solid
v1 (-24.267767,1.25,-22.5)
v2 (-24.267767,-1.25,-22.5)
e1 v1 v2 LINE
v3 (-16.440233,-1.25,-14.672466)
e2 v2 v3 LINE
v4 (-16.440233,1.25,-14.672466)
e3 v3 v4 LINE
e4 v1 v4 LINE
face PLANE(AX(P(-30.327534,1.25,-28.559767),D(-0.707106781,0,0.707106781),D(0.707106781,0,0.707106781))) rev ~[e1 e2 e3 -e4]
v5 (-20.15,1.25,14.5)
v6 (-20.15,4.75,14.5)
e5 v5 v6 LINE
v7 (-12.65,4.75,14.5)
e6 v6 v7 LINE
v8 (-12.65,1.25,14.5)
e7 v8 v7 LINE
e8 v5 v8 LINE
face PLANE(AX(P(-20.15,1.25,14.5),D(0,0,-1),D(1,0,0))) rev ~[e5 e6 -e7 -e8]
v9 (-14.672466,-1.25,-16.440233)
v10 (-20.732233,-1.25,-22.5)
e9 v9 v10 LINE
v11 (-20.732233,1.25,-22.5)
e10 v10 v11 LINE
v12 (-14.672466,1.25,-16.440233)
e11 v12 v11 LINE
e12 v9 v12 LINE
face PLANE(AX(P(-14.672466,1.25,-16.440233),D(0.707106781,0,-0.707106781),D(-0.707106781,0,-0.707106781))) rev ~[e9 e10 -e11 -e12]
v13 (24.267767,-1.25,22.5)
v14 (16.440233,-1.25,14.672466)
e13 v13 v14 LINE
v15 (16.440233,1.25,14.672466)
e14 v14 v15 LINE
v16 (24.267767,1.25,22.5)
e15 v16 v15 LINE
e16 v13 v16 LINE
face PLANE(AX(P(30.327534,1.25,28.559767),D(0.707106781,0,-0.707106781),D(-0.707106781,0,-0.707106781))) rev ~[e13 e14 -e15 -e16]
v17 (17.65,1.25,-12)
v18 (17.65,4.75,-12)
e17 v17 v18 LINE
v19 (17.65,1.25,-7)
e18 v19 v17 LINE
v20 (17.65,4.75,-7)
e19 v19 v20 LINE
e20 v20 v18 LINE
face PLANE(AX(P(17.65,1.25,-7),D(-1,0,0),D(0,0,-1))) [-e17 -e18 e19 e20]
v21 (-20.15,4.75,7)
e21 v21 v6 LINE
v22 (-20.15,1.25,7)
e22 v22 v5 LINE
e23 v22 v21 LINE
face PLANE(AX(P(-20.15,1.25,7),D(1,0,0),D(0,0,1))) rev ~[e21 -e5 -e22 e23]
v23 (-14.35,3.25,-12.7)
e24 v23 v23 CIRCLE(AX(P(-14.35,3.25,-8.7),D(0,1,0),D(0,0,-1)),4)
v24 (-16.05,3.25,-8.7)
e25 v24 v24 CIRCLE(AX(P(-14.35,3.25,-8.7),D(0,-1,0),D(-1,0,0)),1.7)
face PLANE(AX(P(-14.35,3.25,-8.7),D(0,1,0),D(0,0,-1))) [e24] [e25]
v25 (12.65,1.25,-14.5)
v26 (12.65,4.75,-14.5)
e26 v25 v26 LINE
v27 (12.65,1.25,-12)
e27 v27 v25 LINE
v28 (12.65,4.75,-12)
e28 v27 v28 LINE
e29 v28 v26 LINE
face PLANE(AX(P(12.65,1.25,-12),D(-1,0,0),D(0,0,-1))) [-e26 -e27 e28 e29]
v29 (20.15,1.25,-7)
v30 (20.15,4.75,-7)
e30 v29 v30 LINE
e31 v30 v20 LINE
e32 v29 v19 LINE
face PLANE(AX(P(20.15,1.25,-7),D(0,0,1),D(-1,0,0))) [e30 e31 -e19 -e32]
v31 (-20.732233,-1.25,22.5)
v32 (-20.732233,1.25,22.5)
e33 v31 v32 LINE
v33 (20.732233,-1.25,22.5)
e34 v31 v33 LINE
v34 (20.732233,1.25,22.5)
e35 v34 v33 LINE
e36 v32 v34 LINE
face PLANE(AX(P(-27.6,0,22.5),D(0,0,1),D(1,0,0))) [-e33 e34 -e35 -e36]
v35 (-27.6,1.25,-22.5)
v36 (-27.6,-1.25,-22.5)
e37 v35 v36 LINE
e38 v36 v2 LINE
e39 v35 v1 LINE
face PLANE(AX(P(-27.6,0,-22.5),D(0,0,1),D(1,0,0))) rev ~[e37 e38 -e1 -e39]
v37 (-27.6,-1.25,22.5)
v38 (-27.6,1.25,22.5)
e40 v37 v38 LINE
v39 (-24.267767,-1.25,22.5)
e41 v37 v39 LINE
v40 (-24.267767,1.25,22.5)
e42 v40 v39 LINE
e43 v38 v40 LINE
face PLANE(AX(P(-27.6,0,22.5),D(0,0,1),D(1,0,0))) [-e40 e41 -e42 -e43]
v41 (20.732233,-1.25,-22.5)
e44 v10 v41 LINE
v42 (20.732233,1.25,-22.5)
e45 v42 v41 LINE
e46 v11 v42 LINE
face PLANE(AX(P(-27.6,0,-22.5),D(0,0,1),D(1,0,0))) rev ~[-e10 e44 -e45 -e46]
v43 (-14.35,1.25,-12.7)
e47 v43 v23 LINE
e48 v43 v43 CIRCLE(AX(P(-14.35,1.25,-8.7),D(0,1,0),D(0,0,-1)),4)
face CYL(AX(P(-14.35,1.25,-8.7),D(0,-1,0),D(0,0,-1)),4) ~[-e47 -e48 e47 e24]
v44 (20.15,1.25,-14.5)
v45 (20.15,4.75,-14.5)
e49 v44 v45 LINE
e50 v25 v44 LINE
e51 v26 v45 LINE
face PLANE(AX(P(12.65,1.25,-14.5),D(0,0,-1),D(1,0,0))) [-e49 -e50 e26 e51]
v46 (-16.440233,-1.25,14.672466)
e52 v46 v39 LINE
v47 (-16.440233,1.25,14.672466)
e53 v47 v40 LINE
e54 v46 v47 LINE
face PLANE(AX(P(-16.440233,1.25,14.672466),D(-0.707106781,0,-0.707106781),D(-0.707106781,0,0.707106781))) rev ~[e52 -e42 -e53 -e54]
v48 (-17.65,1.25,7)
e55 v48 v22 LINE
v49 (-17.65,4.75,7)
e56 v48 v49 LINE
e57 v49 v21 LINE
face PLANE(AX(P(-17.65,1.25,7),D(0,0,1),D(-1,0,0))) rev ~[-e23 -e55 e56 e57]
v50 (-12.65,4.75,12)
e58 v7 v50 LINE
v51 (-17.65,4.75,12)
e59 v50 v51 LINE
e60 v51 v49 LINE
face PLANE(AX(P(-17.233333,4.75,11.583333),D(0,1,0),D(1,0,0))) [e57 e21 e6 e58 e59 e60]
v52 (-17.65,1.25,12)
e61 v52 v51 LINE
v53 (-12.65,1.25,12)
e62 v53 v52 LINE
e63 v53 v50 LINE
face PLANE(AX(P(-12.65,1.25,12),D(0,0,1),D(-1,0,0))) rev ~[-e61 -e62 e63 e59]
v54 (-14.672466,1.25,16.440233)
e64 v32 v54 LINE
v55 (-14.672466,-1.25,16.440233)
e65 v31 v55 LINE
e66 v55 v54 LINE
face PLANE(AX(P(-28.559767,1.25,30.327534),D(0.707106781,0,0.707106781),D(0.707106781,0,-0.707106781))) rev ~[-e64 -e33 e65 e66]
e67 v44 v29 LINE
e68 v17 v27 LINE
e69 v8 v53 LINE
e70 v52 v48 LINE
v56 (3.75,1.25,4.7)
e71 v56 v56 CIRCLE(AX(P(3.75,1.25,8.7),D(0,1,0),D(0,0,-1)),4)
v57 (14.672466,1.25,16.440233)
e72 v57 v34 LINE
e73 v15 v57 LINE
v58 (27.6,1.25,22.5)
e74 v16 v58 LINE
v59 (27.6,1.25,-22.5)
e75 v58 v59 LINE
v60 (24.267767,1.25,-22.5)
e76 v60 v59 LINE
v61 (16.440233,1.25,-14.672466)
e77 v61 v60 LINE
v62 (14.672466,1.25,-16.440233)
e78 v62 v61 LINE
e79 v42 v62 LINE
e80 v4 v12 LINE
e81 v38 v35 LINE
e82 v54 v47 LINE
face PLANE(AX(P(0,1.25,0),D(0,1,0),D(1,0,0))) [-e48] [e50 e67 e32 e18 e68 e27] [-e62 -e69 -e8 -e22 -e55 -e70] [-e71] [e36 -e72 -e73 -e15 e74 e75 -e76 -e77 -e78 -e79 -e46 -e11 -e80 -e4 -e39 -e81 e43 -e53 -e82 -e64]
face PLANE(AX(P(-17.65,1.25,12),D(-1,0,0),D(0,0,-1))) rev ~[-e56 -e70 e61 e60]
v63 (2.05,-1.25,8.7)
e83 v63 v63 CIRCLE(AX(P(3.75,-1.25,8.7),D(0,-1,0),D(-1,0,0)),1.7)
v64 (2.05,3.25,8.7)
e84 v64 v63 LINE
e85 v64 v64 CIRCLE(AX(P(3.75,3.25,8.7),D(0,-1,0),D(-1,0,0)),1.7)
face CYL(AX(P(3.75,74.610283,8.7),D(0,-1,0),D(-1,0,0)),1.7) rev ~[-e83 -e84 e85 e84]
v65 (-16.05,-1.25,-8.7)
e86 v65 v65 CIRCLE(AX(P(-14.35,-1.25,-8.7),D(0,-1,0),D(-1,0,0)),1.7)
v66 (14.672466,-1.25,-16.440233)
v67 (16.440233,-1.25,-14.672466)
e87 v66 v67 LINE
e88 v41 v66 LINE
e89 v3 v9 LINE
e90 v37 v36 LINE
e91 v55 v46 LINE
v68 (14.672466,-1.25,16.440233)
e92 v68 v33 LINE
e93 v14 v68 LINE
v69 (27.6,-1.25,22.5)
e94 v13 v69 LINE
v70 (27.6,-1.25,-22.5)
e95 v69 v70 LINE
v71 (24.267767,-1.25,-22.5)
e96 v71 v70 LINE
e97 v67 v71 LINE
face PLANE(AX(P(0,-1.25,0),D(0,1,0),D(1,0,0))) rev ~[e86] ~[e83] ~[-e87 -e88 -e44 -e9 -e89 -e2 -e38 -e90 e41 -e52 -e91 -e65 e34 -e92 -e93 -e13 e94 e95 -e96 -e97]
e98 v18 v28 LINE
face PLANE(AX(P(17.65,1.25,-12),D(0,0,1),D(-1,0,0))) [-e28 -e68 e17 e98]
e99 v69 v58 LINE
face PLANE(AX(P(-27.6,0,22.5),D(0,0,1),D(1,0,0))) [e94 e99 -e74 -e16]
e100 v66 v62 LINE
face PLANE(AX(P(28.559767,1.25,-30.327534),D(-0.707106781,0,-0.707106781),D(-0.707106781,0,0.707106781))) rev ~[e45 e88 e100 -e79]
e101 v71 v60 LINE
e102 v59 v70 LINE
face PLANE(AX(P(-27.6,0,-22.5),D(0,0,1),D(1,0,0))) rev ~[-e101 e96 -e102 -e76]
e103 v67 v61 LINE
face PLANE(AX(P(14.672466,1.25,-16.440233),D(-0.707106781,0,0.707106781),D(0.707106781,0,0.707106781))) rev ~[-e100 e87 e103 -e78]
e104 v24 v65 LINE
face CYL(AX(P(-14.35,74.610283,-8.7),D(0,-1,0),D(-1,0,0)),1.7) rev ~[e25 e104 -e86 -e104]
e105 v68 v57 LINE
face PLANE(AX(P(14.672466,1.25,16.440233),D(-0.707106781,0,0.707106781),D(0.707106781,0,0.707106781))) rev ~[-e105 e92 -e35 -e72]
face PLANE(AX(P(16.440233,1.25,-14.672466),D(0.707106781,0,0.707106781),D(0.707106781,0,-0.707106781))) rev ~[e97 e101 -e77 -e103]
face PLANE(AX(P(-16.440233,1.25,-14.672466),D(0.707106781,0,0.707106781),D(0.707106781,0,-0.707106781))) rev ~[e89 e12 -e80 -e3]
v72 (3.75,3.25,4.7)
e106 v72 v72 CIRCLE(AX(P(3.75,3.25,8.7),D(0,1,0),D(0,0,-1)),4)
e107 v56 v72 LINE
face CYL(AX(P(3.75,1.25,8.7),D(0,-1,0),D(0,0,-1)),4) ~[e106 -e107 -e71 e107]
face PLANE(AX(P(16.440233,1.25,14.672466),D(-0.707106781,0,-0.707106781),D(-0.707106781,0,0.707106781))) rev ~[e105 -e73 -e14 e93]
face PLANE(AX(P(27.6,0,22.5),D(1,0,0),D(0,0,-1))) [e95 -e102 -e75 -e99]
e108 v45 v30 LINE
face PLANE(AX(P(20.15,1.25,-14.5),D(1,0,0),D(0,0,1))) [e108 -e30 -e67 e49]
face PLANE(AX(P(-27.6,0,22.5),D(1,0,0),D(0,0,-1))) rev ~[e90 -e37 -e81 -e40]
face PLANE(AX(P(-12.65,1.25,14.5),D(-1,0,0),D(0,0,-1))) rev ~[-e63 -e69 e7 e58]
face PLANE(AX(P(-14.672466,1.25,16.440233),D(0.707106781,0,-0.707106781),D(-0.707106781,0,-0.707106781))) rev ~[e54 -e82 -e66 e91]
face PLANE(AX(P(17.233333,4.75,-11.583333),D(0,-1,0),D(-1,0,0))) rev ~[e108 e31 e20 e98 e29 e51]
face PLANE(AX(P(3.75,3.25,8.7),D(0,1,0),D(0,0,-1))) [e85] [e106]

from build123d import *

# Parameters (mm, degrees)
SKETCH3_W            = 55.2
SKETCH3_H            = 45
BOSS_EXTRUDE1_DEPTH  = 1.25
SKETCH4_R            = 4
BOSS_EXTRUDE2_DEPTH  = 2
M3_CLEARANCE_HOLE1_D = 3.4
BOSS_EXTRUDE3_DEPTH  = 3.5
CUT_EXTRUDE1_DEPTH   = 36.780721066
CIRPATTERN1_COUNT    = 4


with BuildPart() as part:
    # Sketch3 → Boss-Extrude1 (new, symmetric)
    with BuildSketch(Plane(origin=(0, 0, 0), x_dir=(1, 0, 0), z_dir=(0, 1, 0))):
        Rectangle(SKETCH3_W, SKETCH3_H)
    extrude(amount=BOSS_EXTRUDE1_DEPTH, both=True)

    # Sketch4 → Boss-Extrude2 (add)
    with BuildSketch(Plane(origin=(0, 1.25, 0), x_dir=(1, 0, 0), z_dir=(0, 1, 0))):
        with Locations((-14.35, 8.7)):
            Circle(SKETCH4_R)
        with Locations((3.75, -8.7)):
            Circle(SKETCH4_R)
    extrude(amount=BOSS_EXTRUDE2_DEPTH)

    # M3 Clearance Hole1 (through all)
    with Locations(Plane(origin=(0, 3.25, 0), x_dir=(1, 0, 0), z_dir=(0, 1, 0))):
        with Locations((-14.35, 8.7), (3.75, -8.7)):
            Hole(M3_CLEARANCE_HOLE1_D / 2)

    # Sketch7 → Boss-Extrude3 (add)
    with BuildSketch(Plane(origin=(0, 1.25, 0), x_dir=(1, 0, 0), z_dir=(0, 1, 0))):
        Polygon((-17.65, -12), (-17.65, -7), (-20.15, -7), (-20.15, -14.5), (-12.65, -14.5), (-12.65, -12), align=None)
        Polygon((17.65, 12), (12.65, 12), (12.65, 14.5), (20.15, 14.5), (20.15, 7), (17.65, 7), align=None)
    extrude(amount=BOSS_EXTRUDE3_DEPTH)

    # Sketch8 → Cut-Extrude1 (cut, symmetric)
    with BuildSketch(Plane(origin=(0, 1.25, 0), x_dir=(1, 0, 0), z_dir=(0, 1, 0))):
        Polygon((-30.32753429, 28.559767337), (-16.440232663, 14.67246571), (-14.67246571, 16.440232663), (-28.559767337, 30.32753429), align=None)
    cut_extrude1 = extrude(amount=CUT_EXTRUDE1_DEPTH, both=True, mode=Mode.SUBTRACT)

    # CirPattern1: Cut-Extrude1 ×4 about axis
    cirpattern1_axis = Axis((0, 50, 0), (0, -1, 0))
    for i in range(1, CIRPATTERN1_COUNT):
        add(cut_extrude1.rotate(cirpattern1_axis, i * 360 / CIRPATTERN1_COUNT), mode=Mode.SUBTRACT)


solid = part.part
